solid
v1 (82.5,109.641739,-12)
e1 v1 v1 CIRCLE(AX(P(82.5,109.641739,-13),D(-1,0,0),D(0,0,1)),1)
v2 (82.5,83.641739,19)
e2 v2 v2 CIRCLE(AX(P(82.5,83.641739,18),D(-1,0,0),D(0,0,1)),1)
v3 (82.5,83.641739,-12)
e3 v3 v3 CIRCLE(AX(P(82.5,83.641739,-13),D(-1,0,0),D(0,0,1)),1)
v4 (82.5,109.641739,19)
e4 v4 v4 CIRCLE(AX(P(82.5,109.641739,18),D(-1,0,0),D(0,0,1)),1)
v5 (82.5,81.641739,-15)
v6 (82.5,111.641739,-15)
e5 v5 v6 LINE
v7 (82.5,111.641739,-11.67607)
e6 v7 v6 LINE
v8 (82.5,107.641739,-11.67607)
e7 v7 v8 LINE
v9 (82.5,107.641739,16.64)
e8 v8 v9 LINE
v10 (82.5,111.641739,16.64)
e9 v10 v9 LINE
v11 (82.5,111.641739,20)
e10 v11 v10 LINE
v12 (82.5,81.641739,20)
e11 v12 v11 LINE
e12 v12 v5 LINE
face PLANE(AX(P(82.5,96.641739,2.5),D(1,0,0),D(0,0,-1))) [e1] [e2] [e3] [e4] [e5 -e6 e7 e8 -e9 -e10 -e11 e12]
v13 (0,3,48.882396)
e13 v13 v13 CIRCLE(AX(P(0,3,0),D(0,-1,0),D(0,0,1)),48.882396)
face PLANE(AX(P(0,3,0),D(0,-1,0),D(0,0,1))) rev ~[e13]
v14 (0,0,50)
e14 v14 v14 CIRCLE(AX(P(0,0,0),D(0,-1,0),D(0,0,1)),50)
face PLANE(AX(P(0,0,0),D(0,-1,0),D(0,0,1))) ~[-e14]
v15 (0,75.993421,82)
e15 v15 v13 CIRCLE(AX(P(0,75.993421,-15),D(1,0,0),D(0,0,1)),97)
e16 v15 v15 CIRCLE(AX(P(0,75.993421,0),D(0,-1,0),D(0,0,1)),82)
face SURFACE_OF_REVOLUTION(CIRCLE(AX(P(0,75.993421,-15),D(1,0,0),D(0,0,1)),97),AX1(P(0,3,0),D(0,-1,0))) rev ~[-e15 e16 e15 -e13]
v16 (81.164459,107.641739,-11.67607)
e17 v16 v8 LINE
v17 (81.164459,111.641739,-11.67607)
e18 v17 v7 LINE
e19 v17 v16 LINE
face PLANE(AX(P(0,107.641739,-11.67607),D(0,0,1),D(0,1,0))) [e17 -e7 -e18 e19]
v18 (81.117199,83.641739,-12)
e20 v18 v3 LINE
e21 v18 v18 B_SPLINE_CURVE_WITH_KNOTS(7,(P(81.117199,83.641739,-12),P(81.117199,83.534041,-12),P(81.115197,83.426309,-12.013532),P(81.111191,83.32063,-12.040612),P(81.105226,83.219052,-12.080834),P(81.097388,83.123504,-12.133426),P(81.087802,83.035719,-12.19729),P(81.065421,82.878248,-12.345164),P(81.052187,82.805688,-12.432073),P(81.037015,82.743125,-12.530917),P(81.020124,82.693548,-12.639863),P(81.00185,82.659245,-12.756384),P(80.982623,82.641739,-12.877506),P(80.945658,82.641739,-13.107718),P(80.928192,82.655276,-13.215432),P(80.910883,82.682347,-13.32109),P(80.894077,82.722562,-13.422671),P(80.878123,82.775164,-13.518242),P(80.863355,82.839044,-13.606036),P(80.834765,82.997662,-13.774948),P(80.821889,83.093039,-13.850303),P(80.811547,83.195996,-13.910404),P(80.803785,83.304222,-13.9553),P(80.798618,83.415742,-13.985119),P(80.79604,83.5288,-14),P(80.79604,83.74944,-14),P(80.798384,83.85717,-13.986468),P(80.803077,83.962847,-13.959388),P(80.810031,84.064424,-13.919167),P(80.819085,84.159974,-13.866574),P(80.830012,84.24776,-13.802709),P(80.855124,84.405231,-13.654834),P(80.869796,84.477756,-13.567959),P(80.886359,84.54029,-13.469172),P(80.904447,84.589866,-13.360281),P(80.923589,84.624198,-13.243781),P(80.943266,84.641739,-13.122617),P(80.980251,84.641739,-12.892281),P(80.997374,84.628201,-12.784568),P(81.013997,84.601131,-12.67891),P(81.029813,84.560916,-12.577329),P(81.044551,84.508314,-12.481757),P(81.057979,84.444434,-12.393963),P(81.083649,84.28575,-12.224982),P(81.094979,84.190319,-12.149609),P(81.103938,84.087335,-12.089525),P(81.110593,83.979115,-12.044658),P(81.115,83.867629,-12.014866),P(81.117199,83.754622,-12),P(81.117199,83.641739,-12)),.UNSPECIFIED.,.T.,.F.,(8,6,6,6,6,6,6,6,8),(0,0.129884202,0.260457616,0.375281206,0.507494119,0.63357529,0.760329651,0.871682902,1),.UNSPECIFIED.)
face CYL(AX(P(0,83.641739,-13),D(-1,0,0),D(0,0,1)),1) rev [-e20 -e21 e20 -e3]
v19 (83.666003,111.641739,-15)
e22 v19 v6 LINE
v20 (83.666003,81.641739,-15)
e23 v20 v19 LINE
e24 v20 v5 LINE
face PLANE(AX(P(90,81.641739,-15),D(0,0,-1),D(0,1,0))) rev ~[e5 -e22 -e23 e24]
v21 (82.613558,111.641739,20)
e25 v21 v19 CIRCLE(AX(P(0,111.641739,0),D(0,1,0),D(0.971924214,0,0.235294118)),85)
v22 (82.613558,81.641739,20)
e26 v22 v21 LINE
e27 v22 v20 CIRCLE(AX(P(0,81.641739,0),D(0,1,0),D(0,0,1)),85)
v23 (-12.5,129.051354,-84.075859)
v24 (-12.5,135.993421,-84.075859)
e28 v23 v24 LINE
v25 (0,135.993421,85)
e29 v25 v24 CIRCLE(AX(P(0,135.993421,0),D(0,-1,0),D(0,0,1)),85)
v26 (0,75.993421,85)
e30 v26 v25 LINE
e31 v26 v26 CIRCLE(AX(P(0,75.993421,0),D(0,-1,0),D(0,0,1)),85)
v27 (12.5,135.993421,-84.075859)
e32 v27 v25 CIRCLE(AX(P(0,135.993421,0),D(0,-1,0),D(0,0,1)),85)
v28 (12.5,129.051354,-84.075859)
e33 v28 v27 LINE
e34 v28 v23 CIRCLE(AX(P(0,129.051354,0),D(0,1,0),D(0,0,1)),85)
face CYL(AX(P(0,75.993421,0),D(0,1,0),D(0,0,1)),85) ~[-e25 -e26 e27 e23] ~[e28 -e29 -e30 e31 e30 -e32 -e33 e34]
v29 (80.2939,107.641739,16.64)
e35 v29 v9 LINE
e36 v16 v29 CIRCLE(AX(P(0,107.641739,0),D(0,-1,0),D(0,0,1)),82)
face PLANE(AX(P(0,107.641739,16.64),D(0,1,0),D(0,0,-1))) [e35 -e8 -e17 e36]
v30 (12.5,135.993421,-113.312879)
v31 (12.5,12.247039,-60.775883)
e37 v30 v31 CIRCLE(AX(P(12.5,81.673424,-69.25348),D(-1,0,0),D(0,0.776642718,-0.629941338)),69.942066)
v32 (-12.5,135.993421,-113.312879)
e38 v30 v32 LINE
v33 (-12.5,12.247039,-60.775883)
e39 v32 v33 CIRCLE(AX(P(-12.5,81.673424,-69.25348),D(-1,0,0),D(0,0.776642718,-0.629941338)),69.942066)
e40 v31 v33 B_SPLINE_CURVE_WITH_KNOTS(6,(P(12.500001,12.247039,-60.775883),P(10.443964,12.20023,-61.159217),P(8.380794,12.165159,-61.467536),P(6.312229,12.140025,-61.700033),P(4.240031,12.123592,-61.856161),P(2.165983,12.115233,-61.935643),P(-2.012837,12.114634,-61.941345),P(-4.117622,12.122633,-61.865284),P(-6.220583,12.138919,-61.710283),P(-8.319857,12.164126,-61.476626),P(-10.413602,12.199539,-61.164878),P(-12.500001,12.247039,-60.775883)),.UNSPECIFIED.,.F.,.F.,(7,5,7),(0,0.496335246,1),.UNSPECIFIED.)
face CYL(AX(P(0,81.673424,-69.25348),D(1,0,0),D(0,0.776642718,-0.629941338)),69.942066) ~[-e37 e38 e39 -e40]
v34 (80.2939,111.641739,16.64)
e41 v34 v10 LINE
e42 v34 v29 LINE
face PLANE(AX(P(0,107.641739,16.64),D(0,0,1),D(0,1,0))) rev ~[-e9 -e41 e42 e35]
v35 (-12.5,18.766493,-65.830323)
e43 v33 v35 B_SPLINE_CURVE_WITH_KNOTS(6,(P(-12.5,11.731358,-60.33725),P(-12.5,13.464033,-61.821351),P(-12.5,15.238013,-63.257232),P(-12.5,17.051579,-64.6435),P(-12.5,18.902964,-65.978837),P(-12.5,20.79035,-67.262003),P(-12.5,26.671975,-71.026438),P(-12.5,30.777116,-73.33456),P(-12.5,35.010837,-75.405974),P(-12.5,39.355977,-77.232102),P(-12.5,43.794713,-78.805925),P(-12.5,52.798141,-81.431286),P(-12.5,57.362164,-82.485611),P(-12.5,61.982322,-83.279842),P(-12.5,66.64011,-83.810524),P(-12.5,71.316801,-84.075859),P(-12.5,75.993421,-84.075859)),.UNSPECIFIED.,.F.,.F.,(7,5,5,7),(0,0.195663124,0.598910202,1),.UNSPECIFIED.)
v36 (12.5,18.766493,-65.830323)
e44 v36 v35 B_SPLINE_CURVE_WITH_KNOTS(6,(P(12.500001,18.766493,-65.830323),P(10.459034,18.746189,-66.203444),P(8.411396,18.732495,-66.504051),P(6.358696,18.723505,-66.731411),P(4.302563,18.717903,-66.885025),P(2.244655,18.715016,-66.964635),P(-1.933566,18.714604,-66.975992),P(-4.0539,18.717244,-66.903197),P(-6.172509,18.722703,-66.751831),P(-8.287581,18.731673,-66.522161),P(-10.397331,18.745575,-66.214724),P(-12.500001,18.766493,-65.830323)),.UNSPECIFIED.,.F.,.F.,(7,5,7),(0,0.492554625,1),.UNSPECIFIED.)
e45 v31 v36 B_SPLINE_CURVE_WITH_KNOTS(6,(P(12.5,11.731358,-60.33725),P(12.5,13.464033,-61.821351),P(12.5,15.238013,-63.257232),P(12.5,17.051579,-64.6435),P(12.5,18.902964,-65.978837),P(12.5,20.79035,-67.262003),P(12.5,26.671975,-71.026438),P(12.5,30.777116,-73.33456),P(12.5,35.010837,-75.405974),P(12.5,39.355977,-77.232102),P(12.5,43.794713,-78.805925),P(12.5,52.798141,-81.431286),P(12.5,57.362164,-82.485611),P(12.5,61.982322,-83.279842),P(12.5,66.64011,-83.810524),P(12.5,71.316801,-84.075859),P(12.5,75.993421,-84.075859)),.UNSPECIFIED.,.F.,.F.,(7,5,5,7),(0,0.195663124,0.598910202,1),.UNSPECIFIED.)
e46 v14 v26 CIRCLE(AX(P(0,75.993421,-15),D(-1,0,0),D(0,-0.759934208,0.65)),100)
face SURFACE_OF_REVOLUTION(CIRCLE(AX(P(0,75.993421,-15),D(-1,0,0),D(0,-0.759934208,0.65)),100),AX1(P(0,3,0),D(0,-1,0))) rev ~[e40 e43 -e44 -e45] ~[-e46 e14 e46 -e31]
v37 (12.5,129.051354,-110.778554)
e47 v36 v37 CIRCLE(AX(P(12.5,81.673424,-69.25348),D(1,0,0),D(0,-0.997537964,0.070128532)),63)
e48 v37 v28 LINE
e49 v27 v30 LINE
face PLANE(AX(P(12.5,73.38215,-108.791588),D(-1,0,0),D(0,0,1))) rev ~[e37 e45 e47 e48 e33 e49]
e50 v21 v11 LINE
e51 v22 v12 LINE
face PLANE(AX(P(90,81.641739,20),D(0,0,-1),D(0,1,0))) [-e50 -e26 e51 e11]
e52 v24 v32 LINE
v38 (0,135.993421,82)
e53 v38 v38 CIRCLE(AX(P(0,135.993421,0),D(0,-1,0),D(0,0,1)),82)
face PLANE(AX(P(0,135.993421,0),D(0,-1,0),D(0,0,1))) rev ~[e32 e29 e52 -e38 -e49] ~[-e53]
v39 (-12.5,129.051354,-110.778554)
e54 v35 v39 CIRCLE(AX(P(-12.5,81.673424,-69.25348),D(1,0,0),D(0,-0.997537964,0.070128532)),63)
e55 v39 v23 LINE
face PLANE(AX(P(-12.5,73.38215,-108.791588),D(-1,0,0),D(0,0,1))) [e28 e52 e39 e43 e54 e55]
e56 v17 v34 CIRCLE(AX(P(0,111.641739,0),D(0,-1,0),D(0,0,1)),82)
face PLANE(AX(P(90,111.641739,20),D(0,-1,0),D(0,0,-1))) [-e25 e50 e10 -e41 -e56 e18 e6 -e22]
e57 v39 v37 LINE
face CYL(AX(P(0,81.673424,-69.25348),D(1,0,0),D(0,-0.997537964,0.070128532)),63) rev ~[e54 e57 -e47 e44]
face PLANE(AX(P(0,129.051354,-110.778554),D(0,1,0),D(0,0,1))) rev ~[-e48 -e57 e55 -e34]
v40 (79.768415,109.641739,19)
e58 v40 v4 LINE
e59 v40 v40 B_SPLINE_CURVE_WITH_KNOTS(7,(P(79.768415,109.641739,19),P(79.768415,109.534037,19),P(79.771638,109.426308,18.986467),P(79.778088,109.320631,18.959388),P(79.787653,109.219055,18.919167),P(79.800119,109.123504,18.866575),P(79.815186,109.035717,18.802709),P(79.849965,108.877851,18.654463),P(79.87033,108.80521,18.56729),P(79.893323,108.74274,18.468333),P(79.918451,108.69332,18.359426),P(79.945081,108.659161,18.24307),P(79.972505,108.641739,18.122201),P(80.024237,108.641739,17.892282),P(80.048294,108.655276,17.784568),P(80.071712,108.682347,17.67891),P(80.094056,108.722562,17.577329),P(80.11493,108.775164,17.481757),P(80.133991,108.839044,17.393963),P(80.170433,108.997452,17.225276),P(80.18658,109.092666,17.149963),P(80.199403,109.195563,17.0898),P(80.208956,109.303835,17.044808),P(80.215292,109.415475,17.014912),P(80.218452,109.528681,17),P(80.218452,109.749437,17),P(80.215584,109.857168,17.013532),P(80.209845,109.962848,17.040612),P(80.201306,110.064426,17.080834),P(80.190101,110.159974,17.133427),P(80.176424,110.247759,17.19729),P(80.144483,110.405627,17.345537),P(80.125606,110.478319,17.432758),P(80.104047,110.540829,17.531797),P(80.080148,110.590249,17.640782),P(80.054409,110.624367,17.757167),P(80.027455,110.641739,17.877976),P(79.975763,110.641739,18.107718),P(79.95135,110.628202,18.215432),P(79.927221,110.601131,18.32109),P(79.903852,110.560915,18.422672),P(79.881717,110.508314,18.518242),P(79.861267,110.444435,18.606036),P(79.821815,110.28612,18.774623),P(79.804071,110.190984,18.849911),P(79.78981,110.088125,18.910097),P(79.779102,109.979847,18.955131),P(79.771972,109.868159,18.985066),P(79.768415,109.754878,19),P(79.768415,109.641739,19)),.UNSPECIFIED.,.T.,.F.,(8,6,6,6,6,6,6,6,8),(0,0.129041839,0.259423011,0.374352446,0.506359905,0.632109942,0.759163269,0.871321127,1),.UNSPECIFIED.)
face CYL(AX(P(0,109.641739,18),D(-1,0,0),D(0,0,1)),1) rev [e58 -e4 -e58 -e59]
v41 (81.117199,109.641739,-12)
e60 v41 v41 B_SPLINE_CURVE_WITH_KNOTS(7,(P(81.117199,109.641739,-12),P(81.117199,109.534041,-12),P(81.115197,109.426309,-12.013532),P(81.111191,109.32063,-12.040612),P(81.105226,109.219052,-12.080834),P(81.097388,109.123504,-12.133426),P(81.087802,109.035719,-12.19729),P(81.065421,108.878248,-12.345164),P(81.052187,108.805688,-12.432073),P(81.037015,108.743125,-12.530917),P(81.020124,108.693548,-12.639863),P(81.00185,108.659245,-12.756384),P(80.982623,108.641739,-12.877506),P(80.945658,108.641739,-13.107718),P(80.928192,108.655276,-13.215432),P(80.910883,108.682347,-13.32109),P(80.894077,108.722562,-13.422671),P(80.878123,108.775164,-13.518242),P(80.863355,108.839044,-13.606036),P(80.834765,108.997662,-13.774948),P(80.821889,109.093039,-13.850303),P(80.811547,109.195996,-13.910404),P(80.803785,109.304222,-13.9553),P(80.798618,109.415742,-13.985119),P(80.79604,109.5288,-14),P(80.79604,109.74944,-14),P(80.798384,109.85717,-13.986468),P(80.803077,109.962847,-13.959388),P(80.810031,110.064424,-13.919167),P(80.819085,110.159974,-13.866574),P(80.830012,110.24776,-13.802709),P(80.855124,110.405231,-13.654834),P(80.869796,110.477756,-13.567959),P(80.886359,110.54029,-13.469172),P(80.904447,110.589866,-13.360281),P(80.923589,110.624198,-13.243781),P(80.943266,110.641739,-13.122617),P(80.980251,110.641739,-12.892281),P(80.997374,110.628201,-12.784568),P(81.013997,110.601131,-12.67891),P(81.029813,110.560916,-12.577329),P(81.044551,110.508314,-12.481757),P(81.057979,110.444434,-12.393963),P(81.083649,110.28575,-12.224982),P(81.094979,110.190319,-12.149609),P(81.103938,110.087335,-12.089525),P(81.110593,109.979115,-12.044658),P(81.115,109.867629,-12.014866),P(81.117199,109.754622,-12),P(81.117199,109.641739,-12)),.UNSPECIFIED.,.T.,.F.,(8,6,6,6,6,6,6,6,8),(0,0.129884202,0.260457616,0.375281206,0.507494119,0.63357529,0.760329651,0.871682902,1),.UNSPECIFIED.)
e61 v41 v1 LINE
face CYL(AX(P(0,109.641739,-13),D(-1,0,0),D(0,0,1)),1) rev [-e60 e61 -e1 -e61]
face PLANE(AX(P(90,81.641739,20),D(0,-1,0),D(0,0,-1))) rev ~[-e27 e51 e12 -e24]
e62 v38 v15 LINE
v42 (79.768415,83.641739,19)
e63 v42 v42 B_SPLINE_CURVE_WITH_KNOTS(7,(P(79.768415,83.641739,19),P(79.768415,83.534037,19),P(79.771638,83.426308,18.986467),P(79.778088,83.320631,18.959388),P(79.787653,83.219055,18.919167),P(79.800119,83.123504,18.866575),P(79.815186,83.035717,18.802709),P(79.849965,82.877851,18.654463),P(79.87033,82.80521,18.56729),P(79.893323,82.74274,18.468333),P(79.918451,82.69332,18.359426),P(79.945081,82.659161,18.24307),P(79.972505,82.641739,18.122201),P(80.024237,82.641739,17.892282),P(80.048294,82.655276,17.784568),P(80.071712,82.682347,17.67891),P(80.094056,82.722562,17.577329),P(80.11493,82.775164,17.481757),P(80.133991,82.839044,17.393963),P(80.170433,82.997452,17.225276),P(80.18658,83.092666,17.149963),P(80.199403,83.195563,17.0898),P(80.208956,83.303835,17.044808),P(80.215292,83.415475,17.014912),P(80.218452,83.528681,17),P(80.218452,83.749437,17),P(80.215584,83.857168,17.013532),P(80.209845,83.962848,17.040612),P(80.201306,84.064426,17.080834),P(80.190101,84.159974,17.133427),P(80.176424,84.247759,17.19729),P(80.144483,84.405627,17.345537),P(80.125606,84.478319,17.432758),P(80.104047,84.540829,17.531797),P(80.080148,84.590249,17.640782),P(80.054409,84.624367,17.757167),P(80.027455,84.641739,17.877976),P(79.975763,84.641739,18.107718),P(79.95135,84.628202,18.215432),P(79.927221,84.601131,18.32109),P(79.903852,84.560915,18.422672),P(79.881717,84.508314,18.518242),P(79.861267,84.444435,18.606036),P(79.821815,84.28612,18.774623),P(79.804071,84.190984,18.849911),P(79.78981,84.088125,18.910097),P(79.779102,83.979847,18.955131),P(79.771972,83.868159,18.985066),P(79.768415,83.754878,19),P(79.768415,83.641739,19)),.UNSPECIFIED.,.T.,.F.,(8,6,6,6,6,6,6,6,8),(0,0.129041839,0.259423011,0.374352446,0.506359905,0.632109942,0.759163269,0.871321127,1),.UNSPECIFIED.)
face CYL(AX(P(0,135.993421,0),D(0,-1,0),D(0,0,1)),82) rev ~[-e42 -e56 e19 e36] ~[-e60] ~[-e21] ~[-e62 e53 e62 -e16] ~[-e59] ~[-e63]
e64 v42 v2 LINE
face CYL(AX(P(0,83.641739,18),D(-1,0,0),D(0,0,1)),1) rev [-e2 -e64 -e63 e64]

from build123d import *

# Parameters (mm, degrees)
CUT_EXTRUDE1_START  = 90
SKETCH5_W           = 35
SKETCH5_H           = 30
CUT_EXTRUDE1_DEPTH  = 7.5
SKETCH6_R           = 1
CUT_EXTRUDE2_DEPTH  = 200
SKETCH7_W           = 28.316069795
SKETCH7_H           = 4
CUT_EXTRUDE3_DEPTH  = 200
BOSS_EXTRUDE1_DEPTH = 12.5


with BuildPart() as part:
    # Sketch1 → Revolve1 (revolve)
    with BuildSketch(Plane.XY, mode=Mode.PRIVATE) as revolve1_sk:
        with BuildLine():
            Line((0, 0), (50, 0))
            ThreePointArc((50, 0), (75.829510623, 34.160419441), (85, 75.993420768))
            Line((85, 75.993420768), (85, 135.993420768))
            Line((85, 135.993420768), (82, 135.993420768))
            Line((82, 135.993420768), (82, 75.993420768))
            ThreePointArc((82, 75.993420768), (73.333437657, 35.915948395), (48.882396046, 3))
            Line((48.882396046, 3), (0, 3))
            Line((0, 3), (0, 0))
        make_face()
    revolve(revolve1_sk.sketch.rotate(Axis((0, 3, 0), (0, -1, 0)), 90), axis=Axis((0, 3, 0), (0, -1, 0)))

    # Sketch5 → Cut-Extrude1 (cut)
    with BuildSketch(Plane(origin=(0, 0, 0), x_dir=(0, 0, -1), z_dir=(1, 0, 0)).offset(CUT_EXTRUDE1_START)):
        with Locations((-2.5, 96.64173894)):
            Rectangle(SKETCH5_W, SKETCH5_H)
    extrude(amount=-CUT_EXTRUDE1_DEPTH, mode=Mode.SUBTRACT)

    # Sketch6 → Cut-Extrude2 (cut)
    with BuildSketch(Plane(origin=(0, 0, 0), x_dir=(0, 0, -1), z_dir=(1, 0, 0))):
        with Locations(Location((13, 109.64173894, 0), (0, 0, 180))):
            Circle(SKETCH6_R)
        with Locations(Location((-18, 109.64173894, 0), (0, 0, 180))):
            Circle(SKETCH6_R)
        with Locations(Location((-18, 83.64173894, 0), (0, 0, 180))):
            Circle(SKETCH6_R)
        with Locations(Location((13, 83.64173894, 0), (0, 0, 180))):
            Circle(SKETCH6_R)
    extrude(amount=CUT_EXTRUDE2_DEPTH, mode=Mode.SUBTRACT)

    # Sketch7 → Cut-Extrude3 (cut)
    with BuildSketch(Plane(origin=(0, 0, 0), x_dir=(0, 0, -1), z_dir=(1, 0, 0))):
        with Locations((-2.481965103, 109.64173894)):
            Rectangle(SKETCH7_W, SKETCH7_H)
    extrude(amount=CUT_EXTRUDE3_DEPTH, mode=Mode.SUBTRACT)

    # Sketch8 → Boss-Extrude1 (add, symmetric)
    with BuildSketch(Plane(origin=(0, 0, 0), x_dir=(0, 0, -1), z_dir=(1, 0, 0))):
        with BuildLine():
            Line((83.312879319, 135.993420768), (113.312879319, 135.993420768))
            ThreePointArc((113.312879319, 135.993420768), (133.385711701, 53.763756217), (59.530866873, 12.410422282))
            Line((59.530866873, 12.410422282), (64.835382952, 18.828532511))
            ThreePointArc((64.835382952, 18.828532511), (127.404142813, 57.435015297), (110.778554033, 129.051354364))
            Line((110.778554033, 129.051354364), (83.312879319, 129.051354364))
            Line((83.312879319, 129.051354364), (83.312879319, 135.993420768))
        make_face()
    extrude(amount=BOSS_EXTRUDE1_DEPTH, both=True)


solid = part.part
